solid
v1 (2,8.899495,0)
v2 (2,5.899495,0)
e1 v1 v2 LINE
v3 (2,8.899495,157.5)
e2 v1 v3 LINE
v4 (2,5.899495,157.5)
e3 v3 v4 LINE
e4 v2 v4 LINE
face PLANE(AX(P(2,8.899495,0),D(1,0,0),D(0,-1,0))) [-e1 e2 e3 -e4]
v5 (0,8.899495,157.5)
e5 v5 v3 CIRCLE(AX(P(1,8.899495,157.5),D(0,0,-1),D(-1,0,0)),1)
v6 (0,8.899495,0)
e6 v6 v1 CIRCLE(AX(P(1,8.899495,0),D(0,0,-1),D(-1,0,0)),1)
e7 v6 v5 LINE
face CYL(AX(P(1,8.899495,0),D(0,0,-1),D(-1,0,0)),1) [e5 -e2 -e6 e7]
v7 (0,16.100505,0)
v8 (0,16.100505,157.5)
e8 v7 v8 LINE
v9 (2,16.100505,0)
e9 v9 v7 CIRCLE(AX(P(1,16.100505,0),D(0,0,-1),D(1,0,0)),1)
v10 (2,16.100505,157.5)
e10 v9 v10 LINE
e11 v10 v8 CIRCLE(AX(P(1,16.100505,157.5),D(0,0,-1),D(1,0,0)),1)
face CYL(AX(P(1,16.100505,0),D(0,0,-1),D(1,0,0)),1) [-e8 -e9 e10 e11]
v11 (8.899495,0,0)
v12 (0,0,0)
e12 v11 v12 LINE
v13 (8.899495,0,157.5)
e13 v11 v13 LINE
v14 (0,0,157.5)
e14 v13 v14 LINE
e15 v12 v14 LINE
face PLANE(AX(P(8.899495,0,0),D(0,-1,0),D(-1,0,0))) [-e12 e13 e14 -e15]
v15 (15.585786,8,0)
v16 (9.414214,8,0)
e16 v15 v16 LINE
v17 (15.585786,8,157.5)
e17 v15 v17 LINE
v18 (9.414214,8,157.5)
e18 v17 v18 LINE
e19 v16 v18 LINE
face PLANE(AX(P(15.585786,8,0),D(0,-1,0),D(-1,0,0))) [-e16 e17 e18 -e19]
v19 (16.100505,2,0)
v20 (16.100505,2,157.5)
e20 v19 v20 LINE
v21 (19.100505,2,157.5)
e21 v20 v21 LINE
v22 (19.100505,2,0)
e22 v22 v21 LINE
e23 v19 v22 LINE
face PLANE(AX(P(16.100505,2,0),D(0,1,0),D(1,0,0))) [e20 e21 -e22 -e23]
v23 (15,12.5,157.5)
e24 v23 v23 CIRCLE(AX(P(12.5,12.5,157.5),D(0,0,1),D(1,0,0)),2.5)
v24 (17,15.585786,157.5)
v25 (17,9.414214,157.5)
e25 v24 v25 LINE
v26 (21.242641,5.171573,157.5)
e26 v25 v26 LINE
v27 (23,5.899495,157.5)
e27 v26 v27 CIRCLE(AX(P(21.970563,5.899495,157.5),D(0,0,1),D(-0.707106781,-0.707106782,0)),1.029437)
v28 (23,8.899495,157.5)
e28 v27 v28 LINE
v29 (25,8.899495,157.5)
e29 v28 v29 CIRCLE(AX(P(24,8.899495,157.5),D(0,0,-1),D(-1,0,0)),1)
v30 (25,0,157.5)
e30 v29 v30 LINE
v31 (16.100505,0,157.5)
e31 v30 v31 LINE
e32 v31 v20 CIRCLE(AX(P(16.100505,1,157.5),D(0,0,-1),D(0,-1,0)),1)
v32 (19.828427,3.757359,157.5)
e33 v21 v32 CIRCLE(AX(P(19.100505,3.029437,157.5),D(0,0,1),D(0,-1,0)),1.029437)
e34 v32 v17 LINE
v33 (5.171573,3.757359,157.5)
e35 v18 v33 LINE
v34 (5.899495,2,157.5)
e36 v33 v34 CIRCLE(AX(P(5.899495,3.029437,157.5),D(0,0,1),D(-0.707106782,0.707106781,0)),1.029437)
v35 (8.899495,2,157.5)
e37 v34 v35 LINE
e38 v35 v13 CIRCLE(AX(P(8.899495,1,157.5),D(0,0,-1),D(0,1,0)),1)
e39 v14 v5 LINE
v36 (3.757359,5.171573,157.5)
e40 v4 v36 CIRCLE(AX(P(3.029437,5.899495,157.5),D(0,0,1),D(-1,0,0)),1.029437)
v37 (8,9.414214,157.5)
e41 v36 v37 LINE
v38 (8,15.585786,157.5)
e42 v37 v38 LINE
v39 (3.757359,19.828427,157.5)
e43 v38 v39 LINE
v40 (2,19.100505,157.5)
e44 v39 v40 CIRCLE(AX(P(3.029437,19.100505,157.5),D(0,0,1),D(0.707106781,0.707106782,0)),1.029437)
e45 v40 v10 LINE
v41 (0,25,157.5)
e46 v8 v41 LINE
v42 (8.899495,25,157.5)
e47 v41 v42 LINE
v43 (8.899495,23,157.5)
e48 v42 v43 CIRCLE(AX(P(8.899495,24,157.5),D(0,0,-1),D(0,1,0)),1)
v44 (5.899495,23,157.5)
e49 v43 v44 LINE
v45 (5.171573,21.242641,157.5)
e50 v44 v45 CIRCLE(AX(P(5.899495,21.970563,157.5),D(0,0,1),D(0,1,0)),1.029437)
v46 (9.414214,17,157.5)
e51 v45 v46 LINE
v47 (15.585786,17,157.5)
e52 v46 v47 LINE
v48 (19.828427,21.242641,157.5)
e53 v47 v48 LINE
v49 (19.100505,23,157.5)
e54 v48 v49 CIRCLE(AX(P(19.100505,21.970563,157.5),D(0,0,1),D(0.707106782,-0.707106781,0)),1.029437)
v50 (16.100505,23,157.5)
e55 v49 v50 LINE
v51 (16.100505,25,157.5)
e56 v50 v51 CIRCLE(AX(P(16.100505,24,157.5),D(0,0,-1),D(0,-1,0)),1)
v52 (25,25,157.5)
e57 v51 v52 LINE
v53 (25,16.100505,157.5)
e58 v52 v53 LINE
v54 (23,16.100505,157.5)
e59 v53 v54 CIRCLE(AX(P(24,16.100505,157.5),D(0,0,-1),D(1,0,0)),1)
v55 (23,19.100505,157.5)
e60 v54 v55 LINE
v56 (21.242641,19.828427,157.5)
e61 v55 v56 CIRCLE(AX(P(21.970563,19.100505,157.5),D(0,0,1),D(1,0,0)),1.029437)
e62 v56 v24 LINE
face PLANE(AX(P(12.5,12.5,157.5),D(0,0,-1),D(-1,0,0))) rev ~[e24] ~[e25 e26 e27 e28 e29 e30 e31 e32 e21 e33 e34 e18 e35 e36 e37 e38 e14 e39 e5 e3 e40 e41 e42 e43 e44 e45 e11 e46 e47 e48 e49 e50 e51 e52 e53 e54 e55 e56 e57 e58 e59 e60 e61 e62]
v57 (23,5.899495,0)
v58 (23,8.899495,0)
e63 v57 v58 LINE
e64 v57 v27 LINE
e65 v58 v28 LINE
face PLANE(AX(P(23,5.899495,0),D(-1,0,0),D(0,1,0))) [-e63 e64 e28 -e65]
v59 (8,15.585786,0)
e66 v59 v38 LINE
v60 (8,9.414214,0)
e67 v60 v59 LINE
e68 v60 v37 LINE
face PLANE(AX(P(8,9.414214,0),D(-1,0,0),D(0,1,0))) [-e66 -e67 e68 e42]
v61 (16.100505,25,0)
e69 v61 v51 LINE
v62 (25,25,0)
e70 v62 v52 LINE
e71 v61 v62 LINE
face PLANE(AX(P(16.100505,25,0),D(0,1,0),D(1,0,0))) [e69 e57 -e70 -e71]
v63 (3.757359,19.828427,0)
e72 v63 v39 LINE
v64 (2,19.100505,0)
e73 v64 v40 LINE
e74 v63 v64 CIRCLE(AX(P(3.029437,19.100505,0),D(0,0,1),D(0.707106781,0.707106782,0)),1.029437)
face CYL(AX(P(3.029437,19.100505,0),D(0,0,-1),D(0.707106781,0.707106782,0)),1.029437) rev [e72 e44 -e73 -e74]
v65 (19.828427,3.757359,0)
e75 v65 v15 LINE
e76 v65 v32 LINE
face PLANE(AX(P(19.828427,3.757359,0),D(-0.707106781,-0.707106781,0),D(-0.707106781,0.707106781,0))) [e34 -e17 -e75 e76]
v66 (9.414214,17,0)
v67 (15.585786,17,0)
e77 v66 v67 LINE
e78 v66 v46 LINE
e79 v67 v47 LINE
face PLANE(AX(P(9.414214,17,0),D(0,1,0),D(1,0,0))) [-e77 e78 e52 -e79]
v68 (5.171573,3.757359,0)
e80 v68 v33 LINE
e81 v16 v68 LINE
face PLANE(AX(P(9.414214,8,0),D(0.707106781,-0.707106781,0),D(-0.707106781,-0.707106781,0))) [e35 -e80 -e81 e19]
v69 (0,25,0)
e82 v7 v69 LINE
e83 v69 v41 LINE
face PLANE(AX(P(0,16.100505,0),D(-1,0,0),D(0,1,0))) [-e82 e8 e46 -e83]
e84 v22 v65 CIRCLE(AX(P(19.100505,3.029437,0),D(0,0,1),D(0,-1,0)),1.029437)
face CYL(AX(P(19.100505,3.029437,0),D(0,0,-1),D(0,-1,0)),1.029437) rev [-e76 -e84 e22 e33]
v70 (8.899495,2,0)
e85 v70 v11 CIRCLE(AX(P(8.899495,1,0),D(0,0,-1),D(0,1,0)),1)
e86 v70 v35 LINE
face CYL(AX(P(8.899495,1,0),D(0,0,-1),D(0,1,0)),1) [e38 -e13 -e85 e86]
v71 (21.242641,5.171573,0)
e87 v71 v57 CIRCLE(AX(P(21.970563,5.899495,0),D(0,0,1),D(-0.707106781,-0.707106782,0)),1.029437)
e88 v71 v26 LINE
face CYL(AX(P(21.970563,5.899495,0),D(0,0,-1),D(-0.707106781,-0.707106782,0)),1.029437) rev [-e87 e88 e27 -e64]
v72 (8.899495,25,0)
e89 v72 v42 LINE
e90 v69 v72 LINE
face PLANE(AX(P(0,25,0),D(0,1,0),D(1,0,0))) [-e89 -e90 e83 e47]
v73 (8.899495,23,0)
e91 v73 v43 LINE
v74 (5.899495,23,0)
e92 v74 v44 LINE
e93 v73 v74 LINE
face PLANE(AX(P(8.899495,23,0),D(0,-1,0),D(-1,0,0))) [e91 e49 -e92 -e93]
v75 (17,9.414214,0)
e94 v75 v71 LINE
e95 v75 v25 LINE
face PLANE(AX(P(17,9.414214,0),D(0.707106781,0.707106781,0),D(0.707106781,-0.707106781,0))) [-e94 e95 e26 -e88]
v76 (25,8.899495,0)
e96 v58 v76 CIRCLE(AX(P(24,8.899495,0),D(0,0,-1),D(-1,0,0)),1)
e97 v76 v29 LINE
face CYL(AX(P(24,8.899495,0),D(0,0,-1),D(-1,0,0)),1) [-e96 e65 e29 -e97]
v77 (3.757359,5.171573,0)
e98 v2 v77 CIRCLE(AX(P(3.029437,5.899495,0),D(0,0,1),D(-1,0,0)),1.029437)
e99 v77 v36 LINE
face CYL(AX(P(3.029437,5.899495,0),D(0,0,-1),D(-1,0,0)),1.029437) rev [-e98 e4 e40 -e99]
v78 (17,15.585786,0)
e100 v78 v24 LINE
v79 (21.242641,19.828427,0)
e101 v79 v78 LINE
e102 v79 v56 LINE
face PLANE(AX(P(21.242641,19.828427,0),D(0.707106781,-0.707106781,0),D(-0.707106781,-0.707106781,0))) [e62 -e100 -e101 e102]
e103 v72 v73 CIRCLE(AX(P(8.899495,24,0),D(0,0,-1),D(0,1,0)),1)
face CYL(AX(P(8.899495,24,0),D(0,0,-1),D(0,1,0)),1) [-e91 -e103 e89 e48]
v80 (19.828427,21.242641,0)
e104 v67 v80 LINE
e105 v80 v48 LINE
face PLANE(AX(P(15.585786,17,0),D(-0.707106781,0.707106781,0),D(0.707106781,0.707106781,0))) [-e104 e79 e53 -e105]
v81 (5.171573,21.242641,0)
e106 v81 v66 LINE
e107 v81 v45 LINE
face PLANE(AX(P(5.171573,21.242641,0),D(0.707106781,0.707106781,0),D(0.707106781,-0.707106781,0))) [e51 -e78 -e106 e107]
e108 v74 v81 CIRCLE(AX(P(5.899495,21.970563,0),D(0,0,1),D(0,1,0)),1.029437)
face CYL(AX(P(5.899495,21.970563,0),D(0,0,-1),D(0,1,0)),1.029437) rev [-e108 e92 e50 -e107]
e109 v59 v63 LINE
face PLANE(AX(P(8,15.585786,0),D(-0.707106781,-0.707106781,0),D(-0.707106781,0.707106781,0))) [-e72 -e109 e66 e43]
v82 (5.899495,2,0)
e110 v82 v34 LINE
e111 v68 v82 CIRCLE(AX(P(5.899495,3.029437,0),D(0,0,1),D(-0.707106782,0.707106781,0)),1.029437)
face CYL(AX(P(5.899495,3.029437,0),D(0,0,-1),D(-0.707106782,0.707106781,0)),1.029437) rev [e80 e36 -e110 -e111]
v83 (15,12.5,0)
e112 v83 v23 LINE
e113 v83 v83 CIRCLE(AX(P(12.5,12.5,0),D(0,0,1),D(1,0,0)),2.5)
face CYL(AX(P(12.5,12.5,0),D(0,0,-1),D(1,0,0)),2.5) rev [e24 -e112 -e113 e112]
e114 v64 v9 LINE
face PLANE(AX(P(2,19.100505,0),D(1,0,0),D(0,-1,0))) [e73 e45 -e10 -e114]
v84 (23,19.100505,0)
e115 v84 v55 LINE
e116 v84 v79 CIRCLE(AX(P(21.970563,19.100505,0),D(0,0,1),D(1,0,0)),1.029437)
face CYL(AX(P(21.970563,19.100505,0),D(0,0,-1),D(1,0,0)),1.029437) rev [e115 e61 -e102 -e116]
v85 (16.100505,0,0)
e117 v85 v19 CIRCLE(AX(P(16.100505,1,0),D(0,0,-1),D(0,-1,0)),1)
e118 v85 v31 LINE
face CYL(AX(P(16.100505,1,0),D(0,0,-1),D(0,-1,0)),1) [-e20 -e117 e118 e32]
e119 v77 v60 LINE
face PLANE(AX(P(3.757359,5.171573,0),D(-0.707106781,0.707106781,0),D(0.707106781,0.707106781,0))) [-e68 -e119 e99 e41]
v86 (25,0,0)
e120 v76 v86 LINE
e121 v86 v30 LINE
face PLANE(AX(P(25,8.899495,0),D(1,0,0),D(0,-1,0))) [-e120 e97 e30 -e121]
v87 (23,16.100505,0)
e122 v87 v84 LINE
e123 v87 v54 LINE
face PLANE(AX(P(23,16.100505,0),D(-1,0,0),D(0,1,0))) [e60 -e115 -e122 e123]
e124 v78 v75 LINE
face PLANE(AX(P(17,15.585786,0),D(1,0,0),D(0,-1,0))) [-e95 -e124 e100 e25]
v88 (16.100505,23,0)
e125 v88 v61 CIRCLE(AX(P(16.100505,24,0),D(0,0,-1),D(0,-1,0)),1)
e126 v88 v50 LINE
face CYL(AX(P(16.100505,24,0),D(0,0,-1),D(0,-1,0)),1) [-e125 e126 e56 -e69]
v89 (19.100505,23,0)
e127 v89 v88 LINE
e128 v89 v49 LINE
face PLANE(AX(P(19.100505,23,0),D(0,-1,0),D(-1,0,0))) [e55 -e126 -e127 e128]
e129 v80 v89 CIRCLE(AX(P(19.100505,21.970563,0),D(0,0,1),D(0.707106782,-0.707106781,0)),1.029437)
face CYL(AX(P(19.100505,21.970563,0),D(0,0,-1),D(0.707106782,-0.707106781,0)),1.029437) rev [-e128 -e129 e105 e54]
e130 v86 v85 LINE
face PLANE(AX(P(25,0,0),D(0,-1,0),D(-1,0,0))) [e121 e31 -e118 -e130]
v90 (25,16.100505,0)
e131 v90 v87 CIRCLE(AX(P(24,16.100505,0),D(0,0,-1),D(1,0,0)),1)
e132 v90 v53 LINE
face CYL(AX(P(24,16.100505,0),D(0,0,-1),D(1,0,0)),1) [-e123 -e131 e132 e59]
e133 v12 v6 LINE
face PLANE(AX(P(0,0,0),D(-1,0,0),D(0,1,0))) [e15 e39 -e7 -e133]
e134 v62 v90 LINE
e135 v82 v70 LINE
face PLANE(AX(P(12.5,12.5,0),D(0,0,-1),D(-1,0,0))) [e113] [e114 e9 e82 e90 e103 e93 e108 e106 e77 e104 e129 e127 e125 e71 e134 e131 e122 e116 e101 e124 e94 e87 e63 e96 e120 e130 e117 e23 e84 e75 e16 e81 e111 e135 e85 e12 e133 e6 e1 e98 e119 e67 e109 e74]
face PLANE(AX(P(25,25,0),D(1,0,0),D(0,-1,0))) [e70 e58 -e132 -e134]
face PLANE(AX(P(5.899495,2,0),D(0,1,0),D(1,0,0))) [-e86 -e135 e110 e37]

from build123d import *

# Parameters (mm, degrees)
SKETCH2_R           = 2.5
BOSS_EXTRUDE1_DEPTH = 157.5


with BuildPart() as part:
    # Sketch2 → Boss-Extrude1 (new body)
    with BuildSketch(Plane.XY):
        with BuildLine():
            ThreePointArc((16.100505063, 0), (15.100505063, 1), (16.100505063, 2))
            Line((16.100505063, 2), (19.100505063, 2))
            ThreePointArc((19.100505063, 2), (20.05158107, 2.635488671), (19.828427125, 3.757359313))
            Line((19.828427125, 3.757359313), (15.585786438, 8))
            Line((15.585786438, 8), (12.5, 8))
            Line((12.5, 8), (9.414213562, 8))
            Line((9.414213562, 8), (5.171572875, 3.757359313))
            ThreePointArc((5.171572875, 3.757359313), (4.94841893, 2.635488671), (5.899494937, 2))
            Line((5.899494937, 2), (8.899494937, 2))
            ThreePointArc((8.899494937, 2), (9.899494937, 1), (8.899494937, 0))
            Line((8.899494937, 0), (0, 0))
            Line((0, 0), (0, 8.899494937))
            ThreePointArc((0, 8.899494937), (1, 9.899494937), (2, 8.899494937))
            Line((2, 8.899494937), (2, 5.899494937))
            ThreePointArc((2, 5.899494937), (2.635488671, 4.94841893), (3.757359313, 5.171572875))
            Line((3.757359313, 5.171572875), (8, 9.414213562))
            Line((8, 9.414213562), (8, 12.5))
            Line((8, 12.5), (8, 15.585786438))
            Line((8, 15.585786438), (3.757359313, 19.828427125))
            ThreePointArc((3.757359313, 19.828427125), (2.635488671, 20.05158107), (2, 19.100505063))
            Line((2, 19.100505063), (2, 16.100505063))
            ThreePointArc((2, 16.100505063), (1, 15.100505063), (0, 16.100505063))
            Line((0, 16.100505063), (0, 25))
            Line((0, 25), (8.899494937, 25))
            ThreePointArc((8.899494937, 25), (9.899494937, 24), (8.899494937, 23))
            Line((8.899494937, 23), (5.899494937, 23))
            ThreePointArc((5.899494937, 23), (4.94841893, 22.364511329), (5.171572875, 21.242640687))
            Line((5.171572875, 21.242640687), (9.414213562, 17))
            Line((9.414213562, 17), (12.5, 17))
            Line((12.5, 17), (15.585786438, 17))
            Line((15.585786438, 17), (19.828427125, 21.242640687))
            ThreePointArc((19.828427125, 21.242640687), (20.05158107, 22.364511329), (19.100505063, 23))
            Line((19.100505063, 23), (16.100505063, 23))
            ThreePointArc((16.100505063, 23), (15.100505063, 24), (16.100505063, 25))
            Line((16.100505063, 25), (25, 25))
            Line((25, 25), (25, 16.100505063))
            ThreePointArc((25, 16.100505063), (24, 15.100505063), (23, 16.100505063))
            Line((23, 16.100505063), (23, 19.100505063))
            ThreePointArc((23, 19.100505063), (22.364511329, 20.05158107), (21.242640687, 19.828427125))
            Line((21.242640687, 19.828427125), (17, 15.585786438))
            Line((17, 15.585786438), (17, 12.5))
            Line((17, 12.5), (17, 9.414213562))
            Line((17, 9.414213562), (21.242640687, 5.171572875))
            ThreePointArc((21.242640687, 5.171572875), (22.364511329, 4.94841893), (23, 5.899494937))
            Line((23, 5.899494937), (23, 8.899494937))
            ThreePointArc((23, 8.899494937), (24, 9.899494937), (25, 8.899494937))
            Line((25, 8.899494937), (25, 0))
            Line((25, 0), (16.100505063, 0))
        make_face()
        with Locations((12.5, 12.5)):
            Circle(SKETCH2_R, mode=Mode.SUBTRACT)
    extrude(amount=BOSS_EXTRUDE1_DEPTH)


solid = part.part
